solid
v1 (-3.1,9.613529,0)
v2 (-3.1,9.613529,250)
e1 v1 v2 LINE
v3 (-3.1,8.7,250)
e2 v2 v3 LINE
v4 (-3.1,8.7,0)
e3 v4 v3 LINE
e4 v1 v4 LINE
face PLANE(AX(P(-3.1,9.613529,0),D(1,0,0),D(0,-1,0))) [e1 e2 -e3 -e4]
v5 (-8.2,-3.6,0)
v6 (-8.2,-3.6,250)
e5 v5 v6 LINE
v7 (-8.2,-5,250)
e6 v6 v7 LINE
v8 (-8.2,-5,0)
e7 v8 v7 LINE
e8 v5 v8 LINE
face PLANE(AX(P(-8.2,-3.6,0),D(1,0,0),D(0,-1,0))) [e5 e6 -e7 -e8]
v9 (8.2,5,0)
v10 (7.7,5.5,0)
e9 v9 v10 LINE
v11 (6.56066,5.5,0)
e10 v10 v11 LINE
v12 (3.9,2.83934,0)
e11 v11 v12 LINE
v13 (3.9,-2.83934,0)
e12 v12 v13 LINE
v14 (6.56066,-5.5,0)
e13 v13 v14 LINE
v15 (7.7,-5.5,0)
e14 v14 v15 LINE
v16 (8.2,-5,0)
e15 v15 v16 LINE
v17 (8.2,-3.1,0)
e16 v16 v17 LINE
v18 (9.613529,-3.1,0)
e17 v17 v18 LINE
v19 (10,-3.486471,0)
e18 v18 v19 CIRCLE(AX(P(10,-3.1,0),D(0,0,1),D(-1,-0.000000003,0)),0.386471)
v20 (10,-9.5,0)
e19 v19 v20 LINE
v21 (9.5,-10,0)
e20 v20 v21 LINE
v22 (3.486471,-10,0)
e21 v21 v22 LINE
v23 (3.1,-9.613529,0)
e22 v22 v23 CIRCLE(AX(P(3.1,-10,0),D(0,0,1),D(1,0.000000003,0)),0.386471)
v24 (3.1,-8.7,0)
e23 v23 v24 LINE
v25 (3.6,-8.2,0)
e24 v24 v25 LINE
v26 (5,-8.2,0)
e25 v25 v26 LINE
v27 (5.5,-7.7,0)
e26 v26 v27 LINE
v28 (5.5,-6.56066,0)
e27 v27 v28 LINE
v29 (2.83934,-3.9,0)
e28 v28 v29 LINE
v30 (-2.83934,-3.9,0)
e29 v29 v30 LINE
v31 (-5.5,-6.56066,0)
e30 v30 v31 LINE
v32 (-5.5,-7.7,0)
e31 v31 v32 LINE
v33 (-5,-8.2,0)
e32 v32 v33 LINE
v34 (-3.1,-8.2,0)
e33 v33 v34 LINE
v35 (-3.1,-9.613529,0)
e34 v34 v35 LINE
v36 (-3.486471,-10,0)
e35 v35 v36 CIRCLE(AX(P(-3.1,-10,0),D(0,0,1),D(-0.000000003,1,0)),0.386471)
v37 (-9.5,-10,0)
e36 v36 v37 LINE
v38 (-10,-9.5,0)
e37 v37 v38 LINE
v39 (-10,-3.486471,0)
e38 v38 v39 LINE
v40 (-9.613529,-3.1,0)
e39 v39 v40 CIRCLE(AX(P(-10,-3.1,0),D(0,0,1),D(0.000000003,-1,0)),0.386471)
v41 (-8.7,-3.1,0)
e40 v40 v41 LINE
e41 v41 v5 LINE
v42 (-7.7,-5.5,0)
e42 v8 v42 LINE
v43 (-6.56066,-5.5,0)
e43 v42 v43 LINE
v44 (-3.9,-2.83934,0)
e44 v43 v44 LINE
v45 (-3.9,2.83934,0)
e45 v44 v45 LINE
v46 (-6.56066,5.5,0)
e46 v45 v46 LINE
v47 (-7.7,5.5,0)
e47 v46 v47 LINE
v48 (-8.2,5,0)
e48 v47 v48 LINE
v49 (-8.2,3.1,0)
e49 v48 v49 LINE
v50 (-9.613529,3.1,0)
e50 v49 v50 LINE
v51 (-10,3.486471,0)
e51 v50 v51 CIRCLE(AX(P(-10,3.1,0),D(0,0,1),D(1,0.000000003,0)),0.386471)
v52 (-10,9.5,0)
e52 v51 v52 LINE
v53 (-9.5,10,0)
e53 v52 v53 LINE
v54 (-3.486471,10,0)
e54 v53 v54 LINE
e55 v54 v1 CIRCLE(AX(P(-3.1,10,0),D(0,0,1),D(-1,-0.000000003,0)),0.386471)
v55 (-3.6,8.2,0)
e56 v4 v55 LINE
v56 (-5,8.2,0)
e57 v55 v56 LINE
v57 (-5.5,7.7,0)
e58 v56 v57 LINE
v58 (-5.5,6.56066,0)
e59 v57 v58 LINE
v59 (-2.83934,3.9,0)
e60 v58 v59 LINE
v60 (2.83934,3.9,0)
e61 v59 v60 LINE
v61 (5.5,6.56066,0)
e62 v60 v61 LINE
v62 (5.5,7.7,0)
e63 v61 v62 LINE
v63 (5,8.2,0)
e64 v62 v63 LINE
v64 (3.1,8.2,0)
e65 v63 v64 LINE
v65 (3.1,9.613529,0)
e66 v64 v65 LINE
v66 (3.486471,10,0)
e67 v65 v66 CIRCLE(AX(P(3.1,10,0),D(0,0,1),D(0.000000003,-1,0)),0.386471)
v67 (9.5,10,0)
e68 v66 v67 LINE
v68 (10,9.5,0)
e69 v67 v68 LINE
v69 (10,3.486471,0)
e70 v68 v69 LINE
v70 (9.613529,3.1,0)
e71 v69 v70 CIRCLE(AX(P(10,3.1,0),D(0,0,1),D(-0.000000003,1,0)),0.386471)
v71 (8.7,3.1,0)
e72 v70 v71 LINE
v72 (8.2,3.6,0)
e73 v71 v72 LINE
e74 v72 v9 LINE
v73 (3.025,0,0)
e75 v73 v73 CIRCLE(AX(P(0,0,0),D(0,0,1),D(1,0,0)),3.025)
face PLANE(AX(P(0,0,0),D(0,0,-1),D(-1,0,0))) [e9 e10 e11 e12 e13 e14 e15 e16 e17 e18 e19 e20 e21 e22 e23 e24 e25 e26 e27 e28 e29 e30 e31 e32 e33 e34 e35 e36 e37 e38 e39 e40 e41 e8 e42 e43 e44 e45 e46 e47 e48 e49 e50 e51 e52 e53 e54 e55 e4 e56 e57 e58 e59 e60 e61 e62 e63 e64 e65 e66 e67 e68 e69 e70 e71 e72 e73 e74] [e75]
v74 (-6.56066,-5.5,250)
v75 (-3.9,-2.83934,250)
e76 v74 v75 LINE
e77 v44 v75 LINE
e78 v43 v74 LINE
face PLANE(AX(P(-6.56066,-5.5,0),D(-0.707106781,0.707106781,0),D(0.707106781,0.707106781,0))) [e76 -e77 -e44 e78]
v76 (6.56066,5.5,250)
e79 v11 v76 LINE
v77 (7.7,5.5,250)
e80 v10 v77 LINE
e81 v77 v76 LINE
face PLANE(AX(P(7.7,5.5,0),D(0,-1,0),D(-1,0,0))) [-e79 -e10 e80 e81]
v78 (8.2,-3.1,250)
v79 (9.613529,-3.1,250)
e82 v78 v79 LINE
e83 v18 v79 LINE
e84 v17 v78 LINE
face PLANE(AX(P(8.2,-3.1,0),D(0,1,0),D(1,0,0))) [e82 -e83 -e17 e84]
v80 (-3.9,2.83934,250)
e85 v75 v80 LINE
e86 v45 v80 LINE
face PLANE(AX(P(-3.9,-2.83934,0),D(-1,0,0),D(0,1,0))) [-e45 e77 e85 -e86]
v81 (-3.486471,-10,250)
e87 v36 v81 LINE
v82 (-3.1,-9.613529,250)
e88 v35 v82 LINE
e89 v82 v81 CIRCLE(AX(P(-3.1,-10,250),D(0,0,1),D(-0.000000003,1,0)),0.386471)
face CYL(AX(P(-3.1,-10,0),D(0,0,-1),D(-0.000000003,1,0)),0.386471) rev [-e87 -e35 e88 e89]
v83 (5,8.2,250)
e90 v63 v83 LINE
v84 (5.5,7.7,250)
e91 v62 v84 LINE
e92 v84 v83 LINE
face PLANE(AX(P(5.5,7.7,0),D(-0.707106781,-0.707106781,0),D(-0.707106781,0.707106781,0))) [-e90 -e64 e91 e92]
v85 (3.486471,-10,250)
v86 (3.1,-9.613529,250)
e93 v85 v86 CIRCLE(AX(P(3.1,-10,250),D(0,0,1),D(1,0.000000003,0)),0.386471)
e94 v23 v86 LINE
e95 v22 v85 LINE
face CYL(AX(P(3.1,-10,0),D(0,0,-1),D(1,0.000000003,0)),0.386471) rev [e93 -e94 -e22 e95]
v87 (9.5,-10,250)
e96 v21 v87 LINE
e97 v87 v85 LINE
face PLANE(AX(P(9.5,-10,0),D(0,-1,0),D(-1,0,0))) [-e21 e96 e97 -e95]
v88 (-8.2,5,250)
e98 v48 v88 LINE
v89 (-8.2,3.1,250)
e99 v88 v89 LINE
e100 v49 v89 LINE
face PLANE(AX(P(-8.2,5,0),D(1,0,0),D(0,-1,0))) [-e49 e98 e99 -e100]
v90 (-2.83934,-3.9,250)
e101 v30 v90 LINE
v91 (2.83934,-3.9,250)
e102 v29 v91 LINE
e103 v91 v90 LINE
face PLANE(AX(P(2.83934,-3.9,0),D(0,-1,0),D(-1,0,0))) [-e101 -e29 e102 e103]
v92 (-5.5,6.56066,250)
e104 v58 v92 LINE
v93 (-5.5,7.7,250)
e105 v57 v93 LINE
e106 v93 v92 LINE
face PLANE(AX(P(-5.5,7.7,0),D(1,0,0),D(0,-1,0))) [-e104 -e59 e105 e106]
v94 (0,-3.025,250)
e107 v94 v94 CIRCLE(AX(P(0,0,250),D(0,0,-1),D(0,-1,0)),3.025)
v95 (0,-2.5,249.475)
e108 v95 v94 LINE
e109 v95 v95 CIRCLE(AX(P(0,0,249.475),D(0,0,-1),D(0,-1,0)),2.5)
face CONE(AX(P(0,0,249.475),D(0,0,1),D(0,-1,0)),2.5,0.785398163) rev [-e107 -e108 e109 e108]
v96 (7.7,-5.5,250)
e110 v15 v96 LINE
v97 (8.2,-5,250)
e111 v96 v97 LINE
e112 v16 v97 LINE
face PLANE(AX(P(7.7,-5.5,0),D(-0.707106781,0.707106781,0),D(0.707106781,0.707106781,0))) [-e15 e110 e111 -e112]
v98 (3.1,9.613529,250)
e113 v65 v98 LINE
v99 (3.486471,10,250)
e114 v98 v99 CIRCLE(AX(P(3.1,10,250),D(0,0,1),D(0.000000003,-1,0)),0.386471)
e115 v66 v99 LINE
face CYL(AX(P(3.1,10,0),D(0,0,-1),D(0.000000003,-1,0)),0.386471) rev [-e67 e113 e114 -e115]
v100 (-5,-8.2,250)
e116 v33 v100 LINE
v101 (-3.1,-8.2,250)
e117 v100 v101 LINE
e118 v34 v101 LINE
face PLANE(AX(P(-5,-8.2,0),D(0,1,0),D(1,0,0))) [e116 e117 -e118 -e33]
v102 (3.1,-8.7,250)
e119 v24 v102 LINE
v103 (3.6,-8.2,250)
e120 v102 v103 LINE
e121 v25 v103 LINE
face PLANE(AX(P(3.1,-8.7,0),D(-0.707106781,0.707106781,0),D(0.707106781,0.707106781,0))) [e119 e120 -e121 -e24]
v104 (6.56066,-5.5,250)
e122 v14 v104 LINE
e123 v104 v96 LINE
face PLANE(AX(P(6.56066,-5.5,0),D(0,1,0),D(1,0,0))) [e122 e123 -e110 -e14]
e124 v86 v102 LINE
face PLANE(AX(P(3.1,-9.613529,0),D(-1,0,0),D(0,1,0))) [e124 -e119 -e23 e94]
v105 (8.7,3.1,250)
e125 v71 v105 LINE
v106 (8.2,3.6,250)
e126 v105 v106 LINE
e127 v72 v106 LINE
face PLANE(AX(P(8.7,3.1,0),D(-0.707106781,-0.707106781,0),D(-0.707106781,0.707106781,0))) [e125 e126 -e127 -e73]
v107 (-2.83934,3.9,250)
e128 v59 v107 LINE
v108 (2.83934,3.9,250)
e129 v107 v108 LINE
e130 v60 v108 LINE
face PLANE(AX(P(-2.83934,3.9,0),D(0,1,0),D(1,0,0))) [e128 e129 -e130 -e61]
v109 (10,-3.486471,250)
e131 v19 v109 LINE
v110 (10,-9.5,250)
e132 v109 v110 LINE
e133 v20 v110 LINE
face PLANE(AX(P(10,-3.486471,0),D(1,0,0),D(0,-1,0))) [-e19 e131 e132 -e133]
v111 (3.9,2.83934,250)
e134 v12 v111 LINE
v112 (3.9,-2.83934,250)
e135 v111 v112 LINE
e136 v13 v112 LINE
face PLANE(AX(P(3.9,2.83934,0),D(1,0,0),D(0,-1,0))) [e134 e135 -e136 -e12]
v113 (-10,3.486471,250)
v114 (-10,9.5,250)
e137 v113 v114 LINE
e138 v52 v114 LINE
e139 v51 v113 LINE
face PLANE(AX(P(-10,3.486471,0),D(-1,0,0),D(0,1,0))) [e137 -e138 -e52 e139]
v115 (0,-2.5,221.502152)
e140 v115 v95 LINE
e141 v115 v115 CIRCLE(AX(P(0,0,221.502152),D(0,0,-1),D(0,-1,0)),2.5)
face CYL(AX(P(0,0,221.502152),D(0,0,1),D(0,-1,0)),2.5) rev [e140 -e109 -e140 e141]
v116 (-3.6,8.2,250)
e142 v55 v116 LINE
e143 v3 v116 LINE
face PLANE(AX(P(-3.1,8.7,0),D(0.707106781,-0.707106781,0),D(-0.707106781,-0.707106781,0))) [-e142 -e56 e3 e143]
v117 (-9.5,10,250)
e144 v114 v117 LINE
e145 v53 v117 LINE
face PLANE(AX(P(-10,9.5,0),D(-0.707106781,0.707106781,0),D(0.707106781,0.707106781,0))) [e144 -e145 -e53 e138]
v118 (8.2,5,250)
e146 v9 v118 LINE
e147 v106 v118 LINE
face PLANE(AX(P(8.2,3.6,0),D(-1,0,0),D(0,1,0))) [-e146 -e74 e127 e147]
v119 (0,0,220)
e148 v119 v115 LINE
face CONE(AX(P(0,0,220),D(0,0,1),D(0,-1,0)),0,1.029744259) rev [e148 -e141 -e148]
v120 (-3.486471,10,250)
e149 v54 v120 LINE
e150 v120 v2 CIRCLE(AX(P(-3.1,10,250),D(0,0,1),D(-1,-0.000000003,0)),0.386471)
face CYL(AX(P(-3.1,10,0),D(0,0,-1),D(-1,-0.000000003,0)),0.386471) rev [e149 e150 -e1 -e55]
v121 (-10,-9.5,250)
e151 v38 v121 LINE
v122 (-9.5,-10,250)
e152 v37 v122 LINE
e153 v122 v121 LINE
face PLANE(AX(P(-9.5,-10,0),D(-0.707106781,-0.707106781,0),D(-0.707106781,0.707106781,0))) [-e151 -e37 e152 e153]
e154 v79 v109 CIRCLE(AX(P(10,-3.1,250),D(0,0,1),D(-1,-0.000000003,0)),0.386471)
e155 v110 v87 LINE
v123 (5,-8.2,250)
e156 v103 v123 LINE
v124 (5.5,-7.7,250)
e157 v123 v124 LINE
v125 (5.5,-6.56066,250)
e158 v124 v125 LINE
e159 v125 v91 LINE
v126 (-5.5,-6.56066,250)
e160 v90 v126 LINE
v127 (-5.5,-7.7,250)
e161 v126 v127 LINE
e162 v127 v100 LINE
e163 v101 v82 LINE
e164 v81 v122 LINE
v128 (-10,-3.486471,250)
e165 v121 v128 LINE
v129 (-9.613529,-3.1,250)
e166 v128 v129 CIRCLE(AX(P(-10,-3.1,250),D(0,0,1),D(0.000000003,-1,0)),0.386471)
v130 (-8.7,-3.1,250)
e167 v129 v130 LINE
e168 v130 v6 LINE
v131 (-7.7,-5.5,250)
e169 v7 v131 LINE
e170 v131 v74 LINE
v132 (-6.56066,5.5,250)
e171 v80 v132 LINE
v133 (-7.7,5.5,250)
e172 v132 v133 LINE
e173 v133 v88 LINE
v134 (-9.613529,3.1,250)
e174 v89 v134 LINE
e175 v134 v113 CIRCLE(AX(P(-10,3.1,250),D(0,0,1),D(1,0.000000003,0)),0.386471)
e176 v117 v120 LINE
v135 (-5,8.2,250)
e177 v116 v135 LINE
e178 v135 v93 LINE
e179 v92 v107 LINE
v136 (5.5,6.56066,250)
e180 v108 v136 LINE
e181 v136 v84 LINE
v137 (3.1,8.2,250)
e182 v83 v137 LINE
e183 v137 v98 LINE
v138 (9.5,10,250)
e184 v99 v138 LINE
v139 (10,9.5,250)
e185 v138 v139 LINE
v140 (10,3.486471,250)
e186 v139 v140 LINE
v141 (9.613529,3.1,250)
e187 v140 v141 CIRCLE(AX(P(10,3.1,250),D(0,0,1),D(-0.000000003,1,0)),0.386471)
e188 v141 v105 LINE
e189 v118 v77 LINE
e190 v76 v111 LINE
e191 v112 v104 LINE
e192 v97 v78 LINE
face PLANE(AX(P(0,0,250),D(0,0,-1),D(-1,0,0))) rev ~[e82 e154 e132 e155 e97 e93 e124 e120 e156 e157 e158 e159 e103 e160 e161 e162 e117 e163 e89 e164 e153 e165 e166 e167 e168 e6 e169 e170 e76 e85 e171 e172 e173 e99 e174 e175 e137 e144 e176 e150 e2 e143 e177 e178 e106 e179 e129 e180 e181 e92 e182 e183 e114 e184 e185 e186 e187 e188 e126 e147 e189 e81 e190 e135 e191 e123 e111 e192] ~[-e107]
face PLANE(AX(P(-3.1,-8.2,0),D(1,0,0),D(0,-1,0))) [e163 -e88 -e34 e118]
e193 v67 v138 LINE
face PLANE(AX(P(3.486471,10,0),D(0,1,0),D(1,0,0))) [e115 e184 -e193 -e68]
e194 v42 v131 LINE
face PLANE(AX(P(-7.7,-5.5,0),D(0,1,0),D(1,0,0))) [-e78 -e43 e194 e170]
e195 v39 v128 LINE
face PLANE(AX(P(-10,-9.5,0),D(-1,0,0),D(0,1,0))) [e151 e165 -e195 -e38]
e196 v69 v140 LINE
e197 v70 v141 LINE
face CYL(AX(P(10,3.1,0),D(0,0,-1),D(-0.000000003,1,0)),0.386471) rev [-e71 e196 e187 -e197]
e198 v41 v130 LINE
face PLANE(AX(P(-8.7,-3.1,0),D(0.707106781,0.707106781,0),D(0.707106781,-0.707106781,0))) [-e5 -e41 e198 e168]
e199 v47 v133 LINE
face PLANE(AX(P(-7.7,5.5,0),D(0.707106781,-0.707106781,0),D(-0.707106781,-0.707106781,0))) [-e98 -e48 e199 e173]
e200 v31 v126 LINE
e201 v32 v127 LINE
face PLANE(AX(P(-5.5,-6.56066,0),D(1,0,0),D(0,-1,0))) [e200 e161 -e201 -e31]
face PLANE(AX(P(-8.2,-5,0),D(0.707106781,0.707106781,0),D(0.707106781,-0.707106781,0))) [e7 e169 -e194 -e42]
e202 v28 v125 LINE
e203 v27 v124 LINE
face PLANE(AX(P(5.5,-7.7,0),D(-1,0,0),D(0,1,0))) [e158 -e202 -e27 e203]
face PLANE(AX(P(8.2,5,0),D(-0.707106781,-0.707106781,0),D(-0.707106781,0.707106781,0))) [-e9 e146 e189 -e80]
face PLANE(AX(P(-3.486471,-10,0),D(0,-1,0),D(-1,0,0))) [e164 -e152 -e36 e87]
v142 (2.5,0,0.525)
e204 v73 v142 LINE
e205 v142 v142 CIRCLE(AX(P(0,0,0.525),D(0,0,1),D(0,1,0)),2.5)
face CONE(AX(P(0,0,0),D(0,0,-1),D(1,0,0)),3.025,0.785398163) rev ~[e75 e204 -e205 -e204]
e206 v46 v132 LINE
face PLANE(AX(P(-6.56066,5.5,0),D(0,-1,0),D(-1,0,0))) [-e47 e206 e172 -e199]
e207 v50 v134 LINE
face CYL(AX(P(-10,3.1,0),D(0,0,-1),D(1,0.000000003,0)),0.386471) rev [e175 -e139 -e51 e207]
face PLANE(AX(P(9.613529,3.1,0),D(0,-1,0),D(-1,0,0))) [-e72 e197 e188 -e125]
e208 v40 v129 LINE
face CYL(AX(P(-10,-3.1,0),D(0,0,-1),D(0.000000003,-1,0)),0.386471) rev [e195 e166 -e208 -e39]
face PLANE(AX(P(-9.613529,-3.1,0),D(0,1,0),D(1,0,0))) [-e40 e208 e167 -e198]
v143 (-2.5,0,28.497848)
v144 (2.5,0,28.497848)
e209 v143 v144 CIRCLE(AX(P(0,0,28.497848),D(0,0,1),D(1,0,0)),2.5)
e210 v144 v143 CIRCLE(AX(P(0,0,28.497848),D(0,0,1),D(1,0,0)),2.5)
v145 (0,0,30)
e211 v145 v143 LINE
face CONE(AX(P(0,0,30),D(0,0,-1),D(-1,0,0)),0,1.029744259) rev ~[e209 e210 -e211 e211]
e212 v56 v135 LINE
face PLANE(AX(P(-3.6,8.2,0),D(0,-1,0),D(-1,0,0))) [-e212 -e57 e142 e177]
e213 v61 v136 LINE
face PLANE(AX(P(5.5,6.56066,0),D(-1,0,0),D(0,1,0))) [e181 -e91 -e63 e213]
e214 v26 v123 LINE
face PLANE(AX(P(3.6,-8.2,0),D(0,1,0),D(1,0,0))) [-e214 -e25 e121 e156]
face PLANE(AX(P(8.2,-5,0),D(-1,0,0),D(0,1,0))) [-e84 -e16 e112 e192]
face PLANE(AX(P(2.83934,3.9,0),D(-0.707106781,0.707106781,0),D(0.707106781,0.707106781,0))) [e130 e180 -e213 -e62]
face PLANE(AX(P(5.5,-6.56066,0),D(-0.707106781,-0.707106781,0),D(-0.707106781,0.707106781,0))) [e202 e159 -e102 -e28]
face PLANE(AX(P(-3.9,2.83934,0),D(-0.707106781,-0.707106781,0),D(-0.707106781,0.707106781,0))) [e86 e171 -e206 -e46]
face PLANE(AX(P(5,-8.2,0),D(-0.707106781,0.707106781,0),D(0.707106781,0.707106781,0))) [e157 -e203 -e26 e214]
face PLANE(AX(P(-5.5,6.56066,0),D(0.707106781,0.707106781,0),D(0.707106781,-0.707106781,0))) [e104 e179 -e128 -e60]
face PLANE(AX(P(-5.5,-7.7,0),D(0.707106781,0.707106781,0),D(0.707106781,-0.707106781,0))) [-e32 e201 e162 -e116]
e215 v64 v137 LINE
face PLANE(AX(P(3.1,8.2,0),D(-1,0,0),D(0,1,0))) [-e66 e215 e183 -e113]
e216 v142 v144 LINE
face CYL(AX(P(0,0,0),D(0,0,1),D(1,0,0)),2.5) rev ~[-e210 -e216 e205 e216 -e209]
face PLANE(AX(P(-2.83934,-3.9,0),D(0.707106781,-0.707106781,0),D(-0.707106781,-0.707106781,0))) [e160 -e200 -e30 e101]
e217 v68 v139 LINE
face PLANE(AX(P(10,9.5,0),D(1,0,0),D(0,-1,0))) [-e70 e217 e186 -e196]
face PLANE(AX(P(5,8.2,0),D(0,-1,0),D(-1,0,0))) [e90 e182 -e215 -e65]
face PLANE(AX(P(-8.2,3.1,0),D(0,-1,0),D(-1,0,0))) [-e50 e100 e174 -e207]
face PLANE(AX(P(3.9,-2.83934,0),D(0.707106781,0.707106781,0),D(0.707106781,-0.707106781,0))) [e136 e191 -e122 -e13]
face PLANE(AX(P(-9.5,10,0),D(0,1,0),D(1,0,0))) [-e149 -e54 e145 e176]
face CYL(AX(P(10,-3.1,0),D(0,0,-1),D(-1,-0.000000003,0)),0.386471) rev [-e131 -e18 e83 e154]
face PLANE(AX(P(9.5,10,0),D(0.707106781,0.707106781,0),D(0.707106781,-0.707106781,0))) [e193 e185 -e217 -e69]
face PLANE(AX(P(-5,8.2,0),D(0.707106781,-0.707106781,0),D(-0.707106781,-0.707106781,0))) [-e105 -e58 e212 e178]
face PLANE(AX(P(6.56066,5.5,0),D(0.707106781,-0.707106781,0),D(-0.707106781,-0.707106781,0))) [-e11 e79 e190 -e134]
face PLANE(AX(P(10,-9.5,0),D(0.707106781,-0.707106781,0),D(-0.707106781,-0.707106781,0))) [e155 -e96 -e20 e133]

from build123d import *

# Parameters (mm, degrees)
BOSS_EXTRUDE1_DEPTH             = 250
M6X1_0_TAPPED_HOLE2_D           = 5
M6X1_0_TAPPED_HOLE2_DEPTH       = 28.497848452
M6X1_0_TAPPED_HOLE2_CSINK_D     = 6.05
M6X1_0_TAPPED_HOLE2_CSINK_ANGLE = 90
M6X1_0_TAPPED_HOLE2_TIP         = 1.502151548


with BuildPart() as part:
    # Sketch1 → Boss-Extrude1 (new body)
    with BuildSketch(Plane.XY):
        with BuildLine():
            Line((-9.5, 10), (-3.486470896, 10))
            ThreePointArc((-3.486470896, 10), (-3.373276191, 9.726723809), (-3.1, 9.613529104))
            Line((-3.1, 9.613529104), (-3.1, 8.7))
            Line((-3.1, 8.7), (-3.6, 8.2))
            Line((-3.6, 8.2), (-5, 8.2))
            Line((-5, 8.2), (-5.5, 7.7))
            Line((-5.5, 7.7), (-5.5, 6.560660172))
            Line((-5.5, 6.560660172), (-2.839339828, 3.9))
            Line((-2.839339828, 3.9), (0, 3.9))
            Line((0, 3.9), (2.839339828, 3.9))
            Line((2.839339828, 3.9), (5.5, 6.560660172))
            Line((5.5, 6.560660172), (5.5, 7.7))
            Line((5.5, 7.7), (5, 8.2))
            Line((5, 8.2), (3.1, 8.2))
            Line((3.1, 8.2), (3.1, 9.613529104))
            ThreePointArc((3.1, 9.613529104), (3.373276191, 9.726723809), (3.486470896, 10))
            Line((3.486470896, 10), (9.5, 10))
            Line((9.5, 10), (10, 9.5))
            Line((10, 9.5), (10, 3.486470896))
            ThreePointArc((10, 3.486470896), (9.726723809, 3.373276191), (9.613529104, 3.1))
            Line((9.613529104, 3.1), (8.7, 3.1))
            Line((8.7, 3.1), (8.2, 3.6))
            Line((8.2, 3.6), (8.2, 5))
            Line((8.2, 5), (7.7, 5.5))
            Line((7.7, 5.5), (6.560660172, 5.5))
            Line((6.560660172, 5.5), (3.9, 2.839339828))
            Line((3.9, 2.839339828), (3.9, 0))
            Line((3.9, 0), (3.9, -2.839339828))
            Line((3.9, -2.839339828), (6.560660172, -5.5))
            Line((6.560660172, -5.5), (7.7, -5.5))
            Line((7.7, -5.5), (8.2, -5))
            Line((8.2, -5), (8.2, -3.1))
            Line((8.2, -3.1), (9.613529104, -3.1))
            ThreePointArc((9.613529104, -3.1), (9.726723809, -3.373276191), (10, -3.486470896))
            Line((10, -3.486470896), (10, -9.5))
            Line((10, -9.5), (9.5, -10))
            Line((9.5, -10), (3.486470896, -10))
            ThreePointArc((3.486470896, -10), (3.373276191, -9.726723809), (3.1, -9.613529104))
            Line((3.1, -9.613529104), (3.1, -8.7))
            Line((3.1, -8.7), (3.6, -8.2))
            Line((3.6, -8.2), (5, -8.2))
            Line((5, -8.2), (5.5, -7.7))
            Line((5.5, -7.7), (5.5, -6.560660172))
            Line((5.5, -6.560660172), (2.839339828, -3.9))
            Line((2.839339828, -3.9), (0, -3.9))
            Line((0, -3.9), (-2.839339828, -3.9))
            Line((-2.839339828, -3.9), (-5.5, -6.560660172))
            Line((-5.5, -6.560660172), (-5.5, -7.7))
            Line((-5.5, -7.7), (-5, -8.2))
            Line((-5, -8.2), (-3.1, -8.2))
            Line((-3.1, -8.2), (-3.1, -9.613529104))
            ThreePointArc((-3.1, -9.613529104), (-3.373276191, -9.726723809), (-3.486470896, -10))
            Line((-3.486470896, -10), (-9.5, -10))
            Line((-9.5, -10), (-10, -9.5))
            Line((-10, -9.5), (-10, -3.486470896))
            ThreePointArc((-10, -3.486470896), (-9.726723809, -3.373276191), (-9.613529104, -3.1))
            Line((-9.613529104, -3.1), (-8.7, -3.1))
            Line((-8.7, -3.1), (-8.2, -3.6))
            Line((-8.2, -3.6), (-8.2, -5))
            Line((-8.2, -5), (-7.7, -5.5))
            Line((-7.7, -5.5), (-6.560660172, -5.5))
            Line((-6.560660172, -5.5), (-3.9, -2.839339828))
            Line((-3.9, -2.839339828), (-3.9, 0))
            Line((-3.9, 0), (-3.9, 2.839339828))
            Line((-3.9, 2.839339828), (-6.560660172, 5.5))
            Line((-6.560660172, 5.5), (-7.7, 5.5))
            Line((-7.7, 5.5), (-8.2, 5))
            Line((-8.2, 5), (-8.2, 3.1))
            Line((-8.2, 3.1), (-9.613529104, 3.1))
            ThreePointArc((-9.613529104, 3.1), (-9.726723809, 3.373276191), (-10, 3.486470896))
            Line((-10, 3.486470896), (-10, 9.5))
            Line((-10, 9.5), (-9.5, 10))
        make_face()
    extrude(amount=BOSS_EXTRUDE1_DEPTH)

    # Sketch2 → M6x1.0 Tapped Hole1 (revolve, cut)
    with BuildSketch(Plane(origin=(0, 0, 250), x_dir=(0, -1, 0), z_dir=(1, 0, 0))):
        Polygon((0, 0), (0, 30), (2.5, 28.497848452), (2.5, 0.525), (3.025, 0), align=None)
    revolve(axis=Axis((0, 0, 256.35), (0, 0, -1)), mode=Mode.SUBTRACT)

    # M6x1.0 Tapped Hole2
    with Locations(Plane(origin=(0, 0, 0), x_dir=(-1, 0, 0), z_dir=(0, 0, -1))):
        with Locations((0, 0)):
            CounterSinkHole(M6X1_0_TAPPED_HOLE2_D / 2, M6X1_0_TAPPED_HOLE2_CSINK_D / 2, depth=M6X1_0_TAPPED_HOLE2_DEPTH, counter_sink_angle=M6X1_0_TAPPED_HOLE2_CSINK_ANGLE)
            with Locations((0, 0, -(M6X1_0_TAPPED_HOLE2_DEPTH + M6X1_0_TAPPED_HOLE2_TIP / 2))):  # 118° drill point
                Cone(0, M6X1_0_TAPPED_HOLE2_D / 2, M6X1_0_TAPPED_HOLE2_TIP, mode=Mode.SUBTRACT)


solid = part.part
